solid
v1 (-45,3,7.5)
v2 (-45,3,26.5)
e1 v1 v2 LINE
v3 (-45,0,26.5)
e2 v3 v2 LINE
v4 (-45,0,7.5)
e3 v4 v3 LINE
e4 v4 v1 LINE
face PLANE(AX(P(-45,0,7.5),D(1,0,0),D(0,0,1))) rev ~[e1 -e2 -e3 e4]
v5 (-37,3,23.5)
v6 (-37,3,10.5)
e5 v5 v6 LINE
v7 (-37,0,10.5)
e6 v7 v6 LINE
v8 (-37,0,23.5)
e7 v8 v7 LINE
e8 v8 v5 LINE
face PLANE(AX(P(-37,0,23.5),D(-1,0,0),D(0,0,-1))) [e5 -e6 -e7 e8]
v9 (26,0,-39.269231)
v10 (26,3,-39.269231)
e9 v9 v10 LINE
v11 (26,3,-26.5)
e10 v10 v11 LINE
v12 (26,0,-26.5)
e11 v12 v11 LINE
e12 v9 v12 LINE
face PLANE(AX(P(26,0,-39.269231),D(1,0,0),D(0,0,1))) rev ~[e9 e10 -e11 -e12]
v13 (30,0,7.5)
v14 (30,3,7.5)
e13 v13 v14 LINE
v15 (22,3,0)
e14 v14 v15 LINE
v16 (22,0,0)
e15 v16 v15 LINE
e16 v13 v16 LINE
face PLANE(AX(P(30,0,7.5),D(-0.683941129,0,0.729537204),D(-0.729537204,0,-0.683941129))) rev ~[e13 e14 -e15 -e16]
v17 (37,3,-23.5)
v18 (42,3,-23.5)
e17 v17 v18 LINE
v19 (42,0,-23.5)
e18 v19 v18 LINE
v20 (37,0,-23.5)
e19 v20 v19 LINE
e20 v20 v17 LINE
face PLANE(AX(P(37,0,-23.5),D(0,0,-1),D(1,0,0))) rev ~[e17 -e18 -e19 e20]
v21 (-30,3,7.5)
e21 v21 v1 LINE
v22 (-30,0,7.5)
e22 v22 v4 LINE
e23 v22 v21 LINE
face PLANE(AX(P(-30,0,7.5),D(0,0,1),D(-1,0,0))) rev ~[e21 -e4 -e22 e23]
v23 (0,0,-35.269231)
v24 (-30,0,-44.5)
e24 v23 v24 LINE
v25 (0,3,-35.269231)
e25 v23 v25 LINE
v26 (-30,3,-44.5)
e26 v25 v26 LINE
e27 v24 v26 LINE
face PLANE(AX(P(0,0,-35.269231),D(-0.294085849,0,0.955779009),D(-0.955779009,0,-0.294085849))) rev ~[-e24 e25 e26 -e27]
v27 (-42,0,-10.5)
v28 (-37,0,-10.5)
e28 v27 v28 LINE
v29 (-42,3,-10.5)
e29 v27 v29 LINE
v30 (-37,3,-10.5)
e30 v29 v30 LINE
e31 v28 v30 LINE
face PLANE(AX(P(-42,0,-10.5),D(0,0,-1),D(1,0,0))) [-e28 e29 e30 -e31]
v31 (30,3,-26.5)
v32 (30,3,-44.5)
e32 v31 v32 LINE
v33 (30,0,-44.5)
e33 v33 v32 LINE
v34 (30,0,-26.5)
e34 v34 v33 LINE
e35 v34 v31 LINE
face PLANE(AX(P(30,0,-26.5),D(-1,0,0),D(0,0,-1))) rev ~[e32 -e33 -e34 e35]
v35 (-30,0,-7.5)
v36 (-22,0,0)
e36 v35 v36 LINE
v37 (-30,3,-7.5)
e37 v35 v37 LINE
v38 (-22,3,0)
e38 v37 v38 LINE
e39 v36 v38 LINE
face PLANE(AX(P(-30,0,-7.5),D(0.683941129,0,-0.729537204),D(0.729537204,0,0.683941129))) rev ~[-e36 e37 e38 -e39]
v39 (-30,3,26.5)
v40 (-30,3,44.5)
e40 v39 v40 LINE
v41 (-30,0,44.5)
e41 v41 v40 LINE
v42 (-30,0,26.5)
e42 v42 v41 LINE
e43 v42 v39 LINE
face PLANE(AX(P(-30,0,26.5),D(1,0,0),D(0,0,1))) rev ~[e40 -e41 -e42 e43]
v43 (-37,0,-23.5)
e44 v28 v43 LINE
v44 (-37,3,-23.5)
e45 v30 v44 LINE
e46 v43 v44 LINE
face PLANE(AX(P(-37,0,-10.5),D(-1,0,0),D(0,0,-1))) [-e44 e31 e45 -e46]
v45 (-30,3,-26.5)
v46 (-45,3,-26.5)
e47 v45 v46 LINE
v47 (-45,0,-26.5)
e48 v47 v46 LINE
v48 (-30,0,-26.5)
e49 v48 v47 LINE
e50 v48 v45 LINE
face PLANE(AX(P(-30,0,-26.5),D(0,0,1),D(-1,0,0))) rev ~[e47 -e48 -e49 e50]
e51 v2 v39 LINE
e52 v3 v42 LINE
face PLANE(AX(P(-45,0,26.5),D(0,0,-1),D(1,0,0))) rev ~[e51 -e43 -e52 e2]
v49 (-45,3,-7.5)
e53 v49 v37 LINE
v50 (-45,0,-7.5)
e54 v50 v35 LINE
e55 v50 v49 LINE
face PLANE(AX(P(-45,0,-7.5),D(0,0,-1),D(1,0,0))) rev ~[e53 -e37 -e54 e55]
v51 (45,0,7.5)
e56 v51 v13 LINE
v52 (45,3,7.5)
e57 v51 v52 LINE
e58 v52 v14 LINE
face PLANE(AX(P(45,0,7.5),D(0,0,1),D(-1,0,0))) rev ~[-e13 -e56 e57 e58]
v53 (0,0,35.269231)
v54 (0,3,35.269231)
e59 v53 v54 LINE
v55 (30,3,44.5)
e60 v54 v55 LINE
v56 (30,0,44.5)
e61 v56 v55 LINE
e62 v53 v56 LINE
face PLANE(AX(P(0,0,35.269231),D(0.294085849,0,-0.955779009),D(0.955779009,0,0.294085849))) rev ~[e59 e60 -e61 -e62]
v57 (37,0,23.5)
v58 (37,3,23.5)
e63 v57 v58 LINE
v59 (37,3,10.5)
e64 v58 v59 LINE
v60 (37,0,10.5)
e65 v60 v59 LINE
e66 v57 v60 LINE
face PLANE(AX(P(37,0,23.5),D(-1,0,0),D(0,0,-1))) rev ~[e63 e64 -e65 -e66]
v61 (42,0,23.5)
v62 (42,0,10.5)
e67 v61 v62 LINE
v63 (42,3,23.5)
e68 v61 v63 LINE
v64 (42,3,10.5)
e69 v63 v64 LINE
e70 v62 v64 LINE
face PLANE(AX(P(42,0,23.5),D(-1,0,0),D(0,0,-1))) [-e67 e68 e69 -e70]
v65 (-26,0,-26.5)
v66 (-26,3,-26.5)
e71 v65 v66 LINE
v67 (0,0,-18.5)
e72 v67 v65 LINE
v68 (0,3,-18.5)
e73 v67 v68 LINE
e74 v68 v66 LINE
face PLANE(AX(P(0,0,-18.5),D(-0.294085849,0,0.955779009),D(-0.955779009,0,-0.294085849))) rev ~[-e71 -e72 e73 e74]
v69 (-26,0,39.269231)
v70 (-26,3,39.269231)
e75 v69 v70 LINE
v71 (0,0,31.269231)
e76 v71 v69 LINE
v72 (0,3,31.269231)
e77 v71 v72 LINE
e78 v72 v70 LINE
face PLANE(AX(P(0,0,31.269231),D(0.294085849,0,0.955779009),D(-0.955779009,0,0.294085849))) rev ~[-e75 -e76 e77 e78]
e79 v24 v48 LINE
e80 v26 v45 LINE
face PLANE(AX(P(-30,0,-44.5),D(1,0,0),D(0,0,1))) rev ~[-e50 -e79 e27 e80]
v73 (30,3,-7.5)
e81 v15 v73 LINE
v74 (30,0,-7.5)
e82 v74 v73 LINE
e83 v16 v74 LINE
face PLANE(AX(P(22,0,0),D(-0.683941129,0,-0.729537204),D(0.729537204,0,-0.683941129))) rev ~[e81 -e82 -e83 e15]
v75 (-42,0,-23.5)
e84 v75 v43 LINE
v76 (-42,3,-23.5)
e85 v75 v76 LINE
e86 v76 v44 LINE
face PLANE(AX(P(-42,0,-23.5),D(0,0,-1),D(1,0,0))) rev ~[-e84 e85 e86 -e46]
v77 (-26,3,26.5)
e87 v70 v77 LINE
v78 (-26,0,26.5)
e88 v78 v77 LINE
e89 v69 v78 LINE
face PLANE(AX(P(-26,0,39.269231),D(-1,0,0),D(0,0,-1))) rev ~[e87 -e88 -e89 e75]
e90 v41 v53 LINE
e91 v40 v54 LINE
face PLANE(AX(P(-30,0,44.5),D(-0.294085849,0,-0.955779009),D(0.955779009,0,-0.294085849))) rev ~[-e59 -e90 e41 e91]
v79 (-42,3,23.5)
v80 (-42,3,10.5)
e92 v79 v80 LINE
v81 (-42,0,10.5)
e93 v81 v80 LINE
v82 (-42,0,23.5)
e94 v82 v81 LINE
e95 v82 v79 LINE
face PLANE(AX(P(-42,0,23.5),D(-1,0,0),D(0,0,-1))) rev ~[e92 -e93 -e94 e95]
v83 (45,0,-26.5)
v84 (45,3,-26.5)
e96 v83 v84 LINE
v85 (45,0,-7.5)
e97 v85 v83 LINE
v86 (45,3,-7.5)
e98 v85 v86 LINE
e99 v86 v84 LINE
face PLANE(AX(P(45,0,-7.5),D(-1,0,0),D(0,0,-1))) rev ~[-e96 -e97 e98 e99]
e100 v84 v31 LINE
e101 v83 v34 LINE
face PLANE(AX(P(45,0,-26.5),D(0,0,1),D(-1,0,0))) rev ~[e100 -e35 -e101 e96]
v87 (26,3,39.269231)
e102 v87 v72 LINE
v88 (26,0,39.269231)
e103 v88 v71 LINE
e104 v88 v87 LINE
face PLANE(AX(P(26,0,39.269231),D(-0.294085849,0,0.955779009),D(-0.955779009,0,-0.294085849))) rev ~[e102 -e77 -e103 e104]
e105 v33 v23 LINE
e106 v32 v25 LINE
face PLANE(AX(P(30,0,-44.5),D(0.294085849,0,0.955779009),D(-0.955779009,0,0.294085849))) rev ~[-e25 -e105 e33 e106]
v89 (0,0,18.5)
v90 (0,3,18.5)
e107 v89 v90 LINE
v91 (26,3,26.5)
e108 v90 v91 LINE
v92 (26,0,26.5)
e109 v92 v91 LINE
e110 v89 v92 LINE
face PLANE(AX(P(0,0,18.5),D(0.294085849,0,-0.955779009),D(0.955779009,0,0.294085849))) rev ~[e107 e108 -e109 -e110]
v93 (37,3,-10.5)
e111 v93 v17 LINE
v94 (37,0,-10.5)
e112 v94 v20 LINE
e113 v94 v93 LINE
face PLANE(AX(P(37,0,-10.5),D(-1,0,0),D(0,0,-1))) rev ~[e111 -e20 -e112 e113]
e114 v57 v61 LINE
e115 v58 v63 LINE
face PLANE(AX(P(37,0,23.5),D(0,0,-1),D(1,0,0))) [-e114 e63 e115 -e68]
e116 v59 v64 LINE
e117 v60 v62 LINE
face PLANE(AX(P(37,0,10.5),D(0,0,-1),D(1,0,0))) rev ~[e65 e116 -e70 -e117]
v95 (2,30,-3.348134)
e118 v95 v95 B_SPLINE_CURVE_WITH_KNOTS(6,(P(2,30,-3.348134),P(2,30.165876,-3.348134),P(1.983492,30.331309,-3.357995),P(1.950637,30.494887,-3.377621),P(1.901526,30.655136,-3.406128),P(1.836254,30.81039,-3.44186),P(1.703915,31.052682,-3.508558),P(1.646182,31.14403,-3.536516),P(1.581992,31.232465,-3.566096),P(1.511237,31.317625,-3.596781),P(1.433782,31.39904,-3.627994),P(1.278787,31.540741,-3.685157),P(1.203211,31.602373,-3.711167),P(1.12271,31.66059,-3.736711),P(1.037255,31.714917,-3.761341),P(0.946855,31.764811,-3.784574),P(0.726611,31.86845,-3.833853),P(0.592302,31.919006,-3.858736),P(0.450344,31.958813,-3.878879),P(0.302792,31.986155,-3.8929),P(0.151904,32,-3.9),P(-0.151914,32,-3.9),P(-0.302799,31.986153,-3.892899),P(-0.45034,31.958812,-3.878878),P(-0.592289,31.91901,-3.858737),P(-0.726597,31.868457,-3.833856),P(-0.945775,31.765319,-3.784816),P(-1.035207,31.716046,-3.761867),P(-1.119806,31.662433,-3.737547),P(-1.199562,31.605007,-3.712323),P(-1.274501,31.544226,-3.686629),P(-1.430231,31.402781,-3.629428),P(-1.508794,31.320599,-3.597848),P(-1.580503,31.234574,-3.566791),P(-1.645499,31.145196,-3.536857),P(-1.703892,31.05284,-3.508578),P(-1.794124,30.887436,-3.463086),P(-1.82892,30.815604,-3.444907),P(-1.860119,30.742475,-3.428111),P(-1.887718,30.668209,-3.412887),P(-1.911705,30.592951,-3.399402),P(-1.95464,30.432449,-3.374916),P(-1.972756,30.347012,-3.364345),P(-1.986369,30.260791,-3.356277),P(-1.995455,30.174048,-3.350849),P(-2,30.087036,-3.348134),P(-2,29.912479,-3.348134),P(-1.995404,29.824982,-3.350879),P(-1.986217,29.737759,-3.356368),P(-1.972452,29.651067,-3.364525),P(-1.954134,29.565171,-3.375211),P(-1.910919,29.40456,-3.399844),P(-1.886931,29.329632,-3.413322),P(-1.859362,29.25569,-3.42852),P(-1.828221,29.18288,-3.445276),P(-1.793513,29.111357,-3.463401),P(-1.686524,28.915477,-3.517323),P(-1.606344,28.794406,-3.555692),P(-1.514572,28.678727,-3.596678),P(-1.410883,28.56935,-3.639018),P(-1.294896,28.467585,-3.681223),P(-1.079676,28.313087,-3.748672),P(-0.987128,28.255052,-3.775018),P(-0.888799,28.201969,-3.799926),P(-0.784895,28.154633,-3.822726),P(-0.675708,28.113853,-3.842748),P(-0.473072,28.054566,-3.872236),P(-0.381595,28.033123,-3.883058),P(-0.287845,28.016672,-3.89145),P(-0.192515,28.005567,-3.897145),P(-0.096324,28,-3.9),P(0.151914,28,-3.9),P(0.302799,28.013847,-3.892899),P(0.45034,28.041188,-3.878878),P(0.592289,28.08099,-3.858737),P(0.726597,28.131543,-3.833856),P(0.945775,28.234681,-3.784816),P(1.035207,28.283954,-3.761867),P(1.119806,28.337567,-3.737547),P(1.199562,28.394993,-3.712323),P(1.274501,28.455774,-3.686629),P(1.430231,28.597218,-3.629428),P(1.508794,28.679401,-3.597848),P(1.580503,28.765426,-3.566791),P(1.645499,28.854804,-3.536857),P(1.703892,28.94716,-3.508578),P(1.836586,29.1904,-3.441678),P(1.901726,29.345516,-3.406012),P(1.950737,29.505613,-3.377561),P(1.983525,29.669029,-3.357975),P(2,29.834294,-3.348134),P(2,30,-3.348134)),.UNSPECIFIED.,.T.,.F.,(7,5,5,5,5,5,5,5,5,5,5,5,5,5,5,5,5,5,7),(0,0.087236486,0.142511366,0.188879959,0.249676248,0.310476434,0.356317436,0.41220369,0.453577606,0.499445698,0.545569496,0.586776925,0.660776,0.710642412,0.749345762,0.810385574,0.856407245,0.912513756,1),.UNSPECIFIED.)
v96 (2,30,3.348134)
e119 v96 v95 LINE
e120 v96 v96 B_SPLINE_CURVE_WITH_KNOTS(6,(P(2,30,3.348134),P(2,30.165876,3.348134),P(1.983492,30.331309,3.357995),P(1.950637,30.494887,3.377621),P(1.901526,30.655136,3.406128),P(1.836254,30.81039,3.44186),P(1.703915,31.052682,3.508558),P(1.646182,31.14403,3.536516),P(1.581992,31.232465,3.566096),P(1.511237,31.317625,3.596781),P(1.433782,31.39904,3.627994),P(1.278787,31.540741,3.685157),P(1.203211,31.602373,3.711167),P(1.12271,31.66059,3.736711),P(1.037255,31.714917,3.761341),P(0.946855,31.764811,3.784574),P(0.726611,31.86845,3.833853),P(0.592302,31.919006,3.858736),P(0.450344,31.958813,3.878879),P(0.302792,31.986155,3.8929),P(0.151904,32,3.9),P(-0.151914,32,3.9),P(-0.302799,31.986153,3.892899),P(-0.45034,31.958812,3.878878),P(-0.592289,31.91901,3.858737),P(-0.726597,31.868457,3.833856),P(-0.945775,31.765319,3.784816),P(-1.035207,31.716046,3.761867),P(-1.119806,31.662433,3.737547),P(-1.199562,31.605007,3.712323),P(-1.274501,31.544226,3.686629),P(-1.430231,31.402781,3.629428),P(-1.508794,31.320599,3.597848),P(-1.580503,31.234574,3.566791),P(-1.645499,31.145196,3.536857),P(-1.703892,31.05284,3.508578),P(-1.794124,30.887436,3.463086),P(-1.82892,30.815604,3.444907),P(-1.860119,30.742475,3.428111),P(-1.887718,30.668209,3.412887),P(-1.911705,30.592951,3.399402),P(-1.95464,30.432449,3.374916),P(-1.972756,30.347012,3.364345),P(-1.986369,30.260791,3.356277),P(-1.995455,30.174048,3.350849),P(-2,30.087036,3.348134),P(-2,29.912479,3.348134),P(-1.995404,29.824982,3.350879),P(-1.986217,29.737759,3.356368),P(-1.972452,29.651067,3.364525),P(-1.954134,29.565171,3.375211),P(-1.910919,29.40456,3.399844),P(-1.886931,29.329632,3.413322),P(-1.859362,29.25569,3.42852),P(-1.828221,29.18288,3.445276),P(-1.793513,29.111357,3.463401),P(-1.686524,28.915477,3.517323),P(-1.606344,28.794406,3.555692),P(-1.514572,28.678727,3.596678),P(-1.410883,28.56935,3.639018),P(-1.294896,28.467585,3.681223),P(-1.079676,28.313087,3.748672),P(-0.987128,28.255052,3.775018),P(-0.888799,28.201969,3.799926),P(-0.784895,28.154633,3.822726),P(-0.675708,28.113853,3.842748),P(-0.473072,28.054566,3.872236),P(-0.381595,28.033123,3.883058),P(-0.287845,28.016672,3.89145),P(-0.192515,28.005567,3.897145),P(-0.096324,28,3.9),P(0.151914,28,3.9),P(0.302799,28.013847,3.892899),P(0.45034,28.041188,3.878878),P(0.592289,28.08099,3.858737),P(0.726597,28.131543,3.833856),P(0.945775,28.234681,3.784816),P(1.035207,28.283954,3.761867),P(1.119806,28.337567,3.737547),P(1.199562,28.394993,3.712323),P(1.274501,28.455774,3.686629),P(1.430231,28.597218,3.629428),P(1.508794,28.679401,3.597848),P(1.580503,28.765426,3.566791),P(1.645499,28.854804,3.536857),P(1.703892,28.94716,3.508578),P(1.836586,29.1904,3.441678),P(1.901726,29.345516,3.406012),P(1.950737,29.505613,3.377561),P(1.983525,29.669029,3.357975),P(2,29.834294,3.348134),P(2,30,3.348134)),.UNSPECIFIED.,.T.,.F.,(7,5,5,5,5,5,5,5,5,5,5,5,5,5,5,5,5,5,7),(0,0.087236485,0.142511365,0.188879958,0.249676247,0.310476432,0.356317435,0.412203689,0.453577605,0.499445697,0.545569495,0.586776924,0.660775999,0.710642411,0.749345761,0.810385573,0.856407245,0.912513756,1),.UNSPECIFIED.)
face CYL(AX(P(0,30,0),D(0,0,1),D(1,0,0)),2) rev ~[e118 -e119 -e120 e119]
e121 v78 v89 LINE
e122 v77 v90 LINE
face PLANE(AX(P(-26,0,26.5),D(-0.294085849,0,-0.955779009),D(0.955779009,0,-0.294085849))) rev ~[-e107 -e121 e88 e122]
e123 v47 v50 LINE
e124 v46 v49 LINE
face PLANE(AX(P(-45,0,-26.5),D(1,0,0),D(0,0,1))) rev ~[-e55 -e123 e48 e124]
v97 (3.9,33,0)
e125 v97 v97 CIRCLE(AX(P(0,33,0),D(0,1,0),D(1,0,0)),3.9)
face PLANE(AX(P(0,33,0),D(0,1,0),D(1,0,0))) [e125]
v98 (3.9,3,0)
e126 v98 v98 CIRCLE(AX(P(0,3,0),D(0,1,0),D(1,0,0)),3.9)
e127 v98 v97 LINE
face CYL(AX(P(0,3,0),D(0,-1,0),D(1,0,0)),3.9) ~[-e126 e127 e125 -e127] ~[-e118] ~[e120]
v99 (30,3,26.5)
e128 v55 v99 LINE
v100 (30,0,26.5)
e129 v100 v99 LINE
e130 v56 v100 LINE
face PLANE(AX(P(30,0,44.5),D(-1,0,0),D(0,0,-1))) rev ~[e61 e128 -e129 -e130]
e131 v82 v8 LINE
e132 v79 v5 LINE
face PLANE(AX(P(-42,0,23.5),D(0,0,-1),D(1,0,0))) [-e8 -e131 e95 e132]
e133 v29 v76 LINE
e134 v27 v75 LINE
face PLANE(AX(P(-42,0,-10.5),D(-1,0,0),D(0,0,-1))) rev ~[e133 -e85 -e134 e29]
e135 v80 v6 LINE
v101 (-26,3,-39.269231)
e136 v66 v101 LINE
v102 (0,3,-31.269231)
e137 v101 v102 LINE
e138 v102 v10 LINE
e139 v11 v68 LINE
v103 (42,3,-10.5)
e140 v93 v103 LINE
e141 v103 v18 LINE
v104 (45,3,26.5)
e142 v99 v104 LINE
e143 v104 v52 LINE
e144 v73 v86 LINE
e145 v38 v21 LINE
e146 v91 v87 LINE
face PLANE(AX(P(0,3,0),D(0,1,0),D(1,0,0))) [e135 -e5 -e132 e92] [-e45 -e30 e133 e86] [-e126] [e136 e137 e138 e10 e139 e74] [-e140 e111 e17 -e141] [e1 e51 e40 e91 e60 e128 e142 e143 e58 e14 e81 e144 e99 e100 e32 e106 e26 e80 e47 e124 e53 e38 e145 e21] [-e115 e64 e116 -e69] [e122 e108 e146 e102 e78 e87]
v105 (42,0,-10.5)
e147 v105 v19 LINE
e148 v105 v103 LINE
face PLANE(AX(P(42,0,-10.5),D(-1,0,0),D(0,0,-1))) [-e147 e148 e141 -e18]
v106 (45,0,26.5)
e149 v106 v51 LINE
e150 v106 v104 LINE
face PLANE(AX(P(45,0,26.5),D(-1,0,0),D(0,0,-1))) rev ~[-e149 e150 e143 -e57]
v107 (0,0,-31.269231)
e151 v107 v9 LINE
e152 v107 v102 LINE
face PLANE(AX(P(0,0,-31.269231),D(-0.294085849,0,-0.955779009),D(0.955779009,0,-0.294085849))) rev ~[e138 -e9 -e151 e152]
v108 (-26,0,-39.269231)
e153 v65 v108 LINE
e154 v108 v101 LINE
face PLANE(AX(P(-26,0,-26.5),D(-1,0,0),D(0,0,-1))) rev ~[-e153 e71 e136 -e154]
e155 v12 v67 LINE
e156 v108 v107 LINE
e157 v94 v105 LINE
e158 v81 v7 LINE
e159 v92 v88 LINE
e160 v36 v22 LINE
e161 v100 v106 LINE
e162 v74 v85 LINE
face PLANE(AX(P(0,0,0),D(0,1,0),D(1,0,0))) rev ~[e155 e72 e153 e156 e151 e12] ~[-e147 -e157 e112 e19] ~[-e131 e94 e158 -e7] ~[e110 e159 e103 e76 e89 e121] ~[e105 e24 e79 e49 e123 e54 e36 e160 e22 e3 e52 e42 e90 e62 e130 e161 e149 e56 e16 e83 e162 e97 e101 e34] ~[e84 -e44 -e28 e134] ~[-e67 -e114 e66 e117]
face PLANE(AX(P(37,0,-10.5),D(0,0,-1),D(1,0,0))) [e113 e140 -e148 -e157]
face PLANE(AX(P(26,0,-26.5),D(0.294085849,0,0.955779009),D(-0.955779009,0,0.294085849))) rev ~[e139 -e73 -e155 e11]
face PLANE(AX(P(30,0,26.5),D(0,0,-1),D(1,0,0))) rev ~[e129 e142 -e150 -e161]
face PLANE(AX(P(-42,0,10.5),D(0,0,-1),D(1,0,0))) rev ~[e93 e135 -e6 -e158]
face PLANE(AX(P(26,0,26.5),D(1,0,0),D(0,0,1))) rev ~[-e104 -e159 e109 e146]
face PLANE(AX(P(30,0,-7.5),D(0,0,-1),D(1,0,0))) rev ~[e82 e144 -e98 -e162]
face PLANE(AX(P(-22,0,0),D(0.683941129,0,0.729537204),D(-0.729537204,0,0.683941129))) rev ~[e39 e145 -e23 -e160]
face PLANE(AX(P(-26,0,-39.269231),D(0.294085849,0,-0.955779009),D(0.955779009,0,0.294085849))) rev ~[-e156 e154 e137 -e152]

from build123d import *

# Parameters (mm, degrees)
CROQUIS1_W                 = 5
CROQUIS1_H                 = 13
SALIENTE_EXTRUIR1_DEPTH    = 3
CROQUIS9_R                 = 3.9
SALIENTE_EXTRUIR2_DEPTH    = 30
CROQUIS10_R                = 2
CORTAR_EXTRUIR7_DEPTH      = 45.5
CORTAR_EXTRUIR7_DEPTH_BACK = 45.5


with BuildPart() as part:
    # Croquis1 → Saliente-Extruir1 (new body)
    with BuildSketch(Plane(origin=(0, 0, 0), x_dir=(1, 0, 0), z_dir=(0, 1, 0))):
        Polygon((-45, -26.5), (-30, -26.5), (-30, -44.5), (0, -35.269230769), (30, -44.5), (30, -26.5), (45, -26.5), (45, -7.5), (30, -7.5), (22, 0), (30, 7.5), (45, 7.5), (45, 26.5), (30, 26.5), (30, 44.5), (0, 35.269230769), (-30, 44.5), (-30, 26.5), (-45, 26.5), (-45, 7.5), (-30, 7.5), (-22, 0), (-30, -7.5), (-45, -7.5), align=None)
        Polygon((0, -18.5), (26, -26.5), (26, -39.269230769), (0, -31.269230769), (-26, -39.269230769), (-26, -26.5), align=None, mode=Mode.SUBTRACT)
        Polygon((26, 26.5), (0, 18.5), (-26, 26.5), (-26, 39.269230769), (0, 31.269230769), (26, 39.269230769), align=None, mode=Mode.SUBTRACT)
        with Locations((39.5, -17)):
            Rectangle(CROQUIS1_W, CROQUIS1_H, mode=Mode.SUBTRACT)
        with Locations((39.5, 17)):
            Rectangle(CROQUIS1_W, CROQUIS1_H, mode=Mode.SUBTRACT)
        with Locations((-39.5, 17)):
            Rectangle(CROQUIS1_W, CROQUIS1_H, mode=Mode.SUBTRACT)
        with Locations((-39.5, -17)):
            Rectangle(CROQUIS1_W, CROQUIS1_H, mode=Mode.SUBTRACT)
    extrude(amount=SALIENTE_EXTRUIR1_DEPTH)

    # Croquis9 → Saliente-Extruir2 (add)
    with BuildSketch(Plane(origin=(0, 3, 0), x_dir=(1, 0, 0), z_dir=(0, 1, 0))):
        Circle(CROQUIS9_R)
    extrude(amount=SALIENTE_EXTRUIR2_DEPTH)

    # Croquis10 → Cortar-Extruir7 (cut, two sides)
    with BuildSketch(Plane.XY) as cortar_extruir7_sk:
        with Locations((0, 30)):
            Circle(CROQUIS10_R)
    extrude(amount=CORTAR_EXTRUIR7_DEPTH, mode=Mode.SUBTRACT)
    extrude(cortar_extruir7_sk.sketch, amount=-CORTAR_EXTRUIR7_DEPTH_BACK, mode=Mode.SUBTRACT)


solid = part.part
